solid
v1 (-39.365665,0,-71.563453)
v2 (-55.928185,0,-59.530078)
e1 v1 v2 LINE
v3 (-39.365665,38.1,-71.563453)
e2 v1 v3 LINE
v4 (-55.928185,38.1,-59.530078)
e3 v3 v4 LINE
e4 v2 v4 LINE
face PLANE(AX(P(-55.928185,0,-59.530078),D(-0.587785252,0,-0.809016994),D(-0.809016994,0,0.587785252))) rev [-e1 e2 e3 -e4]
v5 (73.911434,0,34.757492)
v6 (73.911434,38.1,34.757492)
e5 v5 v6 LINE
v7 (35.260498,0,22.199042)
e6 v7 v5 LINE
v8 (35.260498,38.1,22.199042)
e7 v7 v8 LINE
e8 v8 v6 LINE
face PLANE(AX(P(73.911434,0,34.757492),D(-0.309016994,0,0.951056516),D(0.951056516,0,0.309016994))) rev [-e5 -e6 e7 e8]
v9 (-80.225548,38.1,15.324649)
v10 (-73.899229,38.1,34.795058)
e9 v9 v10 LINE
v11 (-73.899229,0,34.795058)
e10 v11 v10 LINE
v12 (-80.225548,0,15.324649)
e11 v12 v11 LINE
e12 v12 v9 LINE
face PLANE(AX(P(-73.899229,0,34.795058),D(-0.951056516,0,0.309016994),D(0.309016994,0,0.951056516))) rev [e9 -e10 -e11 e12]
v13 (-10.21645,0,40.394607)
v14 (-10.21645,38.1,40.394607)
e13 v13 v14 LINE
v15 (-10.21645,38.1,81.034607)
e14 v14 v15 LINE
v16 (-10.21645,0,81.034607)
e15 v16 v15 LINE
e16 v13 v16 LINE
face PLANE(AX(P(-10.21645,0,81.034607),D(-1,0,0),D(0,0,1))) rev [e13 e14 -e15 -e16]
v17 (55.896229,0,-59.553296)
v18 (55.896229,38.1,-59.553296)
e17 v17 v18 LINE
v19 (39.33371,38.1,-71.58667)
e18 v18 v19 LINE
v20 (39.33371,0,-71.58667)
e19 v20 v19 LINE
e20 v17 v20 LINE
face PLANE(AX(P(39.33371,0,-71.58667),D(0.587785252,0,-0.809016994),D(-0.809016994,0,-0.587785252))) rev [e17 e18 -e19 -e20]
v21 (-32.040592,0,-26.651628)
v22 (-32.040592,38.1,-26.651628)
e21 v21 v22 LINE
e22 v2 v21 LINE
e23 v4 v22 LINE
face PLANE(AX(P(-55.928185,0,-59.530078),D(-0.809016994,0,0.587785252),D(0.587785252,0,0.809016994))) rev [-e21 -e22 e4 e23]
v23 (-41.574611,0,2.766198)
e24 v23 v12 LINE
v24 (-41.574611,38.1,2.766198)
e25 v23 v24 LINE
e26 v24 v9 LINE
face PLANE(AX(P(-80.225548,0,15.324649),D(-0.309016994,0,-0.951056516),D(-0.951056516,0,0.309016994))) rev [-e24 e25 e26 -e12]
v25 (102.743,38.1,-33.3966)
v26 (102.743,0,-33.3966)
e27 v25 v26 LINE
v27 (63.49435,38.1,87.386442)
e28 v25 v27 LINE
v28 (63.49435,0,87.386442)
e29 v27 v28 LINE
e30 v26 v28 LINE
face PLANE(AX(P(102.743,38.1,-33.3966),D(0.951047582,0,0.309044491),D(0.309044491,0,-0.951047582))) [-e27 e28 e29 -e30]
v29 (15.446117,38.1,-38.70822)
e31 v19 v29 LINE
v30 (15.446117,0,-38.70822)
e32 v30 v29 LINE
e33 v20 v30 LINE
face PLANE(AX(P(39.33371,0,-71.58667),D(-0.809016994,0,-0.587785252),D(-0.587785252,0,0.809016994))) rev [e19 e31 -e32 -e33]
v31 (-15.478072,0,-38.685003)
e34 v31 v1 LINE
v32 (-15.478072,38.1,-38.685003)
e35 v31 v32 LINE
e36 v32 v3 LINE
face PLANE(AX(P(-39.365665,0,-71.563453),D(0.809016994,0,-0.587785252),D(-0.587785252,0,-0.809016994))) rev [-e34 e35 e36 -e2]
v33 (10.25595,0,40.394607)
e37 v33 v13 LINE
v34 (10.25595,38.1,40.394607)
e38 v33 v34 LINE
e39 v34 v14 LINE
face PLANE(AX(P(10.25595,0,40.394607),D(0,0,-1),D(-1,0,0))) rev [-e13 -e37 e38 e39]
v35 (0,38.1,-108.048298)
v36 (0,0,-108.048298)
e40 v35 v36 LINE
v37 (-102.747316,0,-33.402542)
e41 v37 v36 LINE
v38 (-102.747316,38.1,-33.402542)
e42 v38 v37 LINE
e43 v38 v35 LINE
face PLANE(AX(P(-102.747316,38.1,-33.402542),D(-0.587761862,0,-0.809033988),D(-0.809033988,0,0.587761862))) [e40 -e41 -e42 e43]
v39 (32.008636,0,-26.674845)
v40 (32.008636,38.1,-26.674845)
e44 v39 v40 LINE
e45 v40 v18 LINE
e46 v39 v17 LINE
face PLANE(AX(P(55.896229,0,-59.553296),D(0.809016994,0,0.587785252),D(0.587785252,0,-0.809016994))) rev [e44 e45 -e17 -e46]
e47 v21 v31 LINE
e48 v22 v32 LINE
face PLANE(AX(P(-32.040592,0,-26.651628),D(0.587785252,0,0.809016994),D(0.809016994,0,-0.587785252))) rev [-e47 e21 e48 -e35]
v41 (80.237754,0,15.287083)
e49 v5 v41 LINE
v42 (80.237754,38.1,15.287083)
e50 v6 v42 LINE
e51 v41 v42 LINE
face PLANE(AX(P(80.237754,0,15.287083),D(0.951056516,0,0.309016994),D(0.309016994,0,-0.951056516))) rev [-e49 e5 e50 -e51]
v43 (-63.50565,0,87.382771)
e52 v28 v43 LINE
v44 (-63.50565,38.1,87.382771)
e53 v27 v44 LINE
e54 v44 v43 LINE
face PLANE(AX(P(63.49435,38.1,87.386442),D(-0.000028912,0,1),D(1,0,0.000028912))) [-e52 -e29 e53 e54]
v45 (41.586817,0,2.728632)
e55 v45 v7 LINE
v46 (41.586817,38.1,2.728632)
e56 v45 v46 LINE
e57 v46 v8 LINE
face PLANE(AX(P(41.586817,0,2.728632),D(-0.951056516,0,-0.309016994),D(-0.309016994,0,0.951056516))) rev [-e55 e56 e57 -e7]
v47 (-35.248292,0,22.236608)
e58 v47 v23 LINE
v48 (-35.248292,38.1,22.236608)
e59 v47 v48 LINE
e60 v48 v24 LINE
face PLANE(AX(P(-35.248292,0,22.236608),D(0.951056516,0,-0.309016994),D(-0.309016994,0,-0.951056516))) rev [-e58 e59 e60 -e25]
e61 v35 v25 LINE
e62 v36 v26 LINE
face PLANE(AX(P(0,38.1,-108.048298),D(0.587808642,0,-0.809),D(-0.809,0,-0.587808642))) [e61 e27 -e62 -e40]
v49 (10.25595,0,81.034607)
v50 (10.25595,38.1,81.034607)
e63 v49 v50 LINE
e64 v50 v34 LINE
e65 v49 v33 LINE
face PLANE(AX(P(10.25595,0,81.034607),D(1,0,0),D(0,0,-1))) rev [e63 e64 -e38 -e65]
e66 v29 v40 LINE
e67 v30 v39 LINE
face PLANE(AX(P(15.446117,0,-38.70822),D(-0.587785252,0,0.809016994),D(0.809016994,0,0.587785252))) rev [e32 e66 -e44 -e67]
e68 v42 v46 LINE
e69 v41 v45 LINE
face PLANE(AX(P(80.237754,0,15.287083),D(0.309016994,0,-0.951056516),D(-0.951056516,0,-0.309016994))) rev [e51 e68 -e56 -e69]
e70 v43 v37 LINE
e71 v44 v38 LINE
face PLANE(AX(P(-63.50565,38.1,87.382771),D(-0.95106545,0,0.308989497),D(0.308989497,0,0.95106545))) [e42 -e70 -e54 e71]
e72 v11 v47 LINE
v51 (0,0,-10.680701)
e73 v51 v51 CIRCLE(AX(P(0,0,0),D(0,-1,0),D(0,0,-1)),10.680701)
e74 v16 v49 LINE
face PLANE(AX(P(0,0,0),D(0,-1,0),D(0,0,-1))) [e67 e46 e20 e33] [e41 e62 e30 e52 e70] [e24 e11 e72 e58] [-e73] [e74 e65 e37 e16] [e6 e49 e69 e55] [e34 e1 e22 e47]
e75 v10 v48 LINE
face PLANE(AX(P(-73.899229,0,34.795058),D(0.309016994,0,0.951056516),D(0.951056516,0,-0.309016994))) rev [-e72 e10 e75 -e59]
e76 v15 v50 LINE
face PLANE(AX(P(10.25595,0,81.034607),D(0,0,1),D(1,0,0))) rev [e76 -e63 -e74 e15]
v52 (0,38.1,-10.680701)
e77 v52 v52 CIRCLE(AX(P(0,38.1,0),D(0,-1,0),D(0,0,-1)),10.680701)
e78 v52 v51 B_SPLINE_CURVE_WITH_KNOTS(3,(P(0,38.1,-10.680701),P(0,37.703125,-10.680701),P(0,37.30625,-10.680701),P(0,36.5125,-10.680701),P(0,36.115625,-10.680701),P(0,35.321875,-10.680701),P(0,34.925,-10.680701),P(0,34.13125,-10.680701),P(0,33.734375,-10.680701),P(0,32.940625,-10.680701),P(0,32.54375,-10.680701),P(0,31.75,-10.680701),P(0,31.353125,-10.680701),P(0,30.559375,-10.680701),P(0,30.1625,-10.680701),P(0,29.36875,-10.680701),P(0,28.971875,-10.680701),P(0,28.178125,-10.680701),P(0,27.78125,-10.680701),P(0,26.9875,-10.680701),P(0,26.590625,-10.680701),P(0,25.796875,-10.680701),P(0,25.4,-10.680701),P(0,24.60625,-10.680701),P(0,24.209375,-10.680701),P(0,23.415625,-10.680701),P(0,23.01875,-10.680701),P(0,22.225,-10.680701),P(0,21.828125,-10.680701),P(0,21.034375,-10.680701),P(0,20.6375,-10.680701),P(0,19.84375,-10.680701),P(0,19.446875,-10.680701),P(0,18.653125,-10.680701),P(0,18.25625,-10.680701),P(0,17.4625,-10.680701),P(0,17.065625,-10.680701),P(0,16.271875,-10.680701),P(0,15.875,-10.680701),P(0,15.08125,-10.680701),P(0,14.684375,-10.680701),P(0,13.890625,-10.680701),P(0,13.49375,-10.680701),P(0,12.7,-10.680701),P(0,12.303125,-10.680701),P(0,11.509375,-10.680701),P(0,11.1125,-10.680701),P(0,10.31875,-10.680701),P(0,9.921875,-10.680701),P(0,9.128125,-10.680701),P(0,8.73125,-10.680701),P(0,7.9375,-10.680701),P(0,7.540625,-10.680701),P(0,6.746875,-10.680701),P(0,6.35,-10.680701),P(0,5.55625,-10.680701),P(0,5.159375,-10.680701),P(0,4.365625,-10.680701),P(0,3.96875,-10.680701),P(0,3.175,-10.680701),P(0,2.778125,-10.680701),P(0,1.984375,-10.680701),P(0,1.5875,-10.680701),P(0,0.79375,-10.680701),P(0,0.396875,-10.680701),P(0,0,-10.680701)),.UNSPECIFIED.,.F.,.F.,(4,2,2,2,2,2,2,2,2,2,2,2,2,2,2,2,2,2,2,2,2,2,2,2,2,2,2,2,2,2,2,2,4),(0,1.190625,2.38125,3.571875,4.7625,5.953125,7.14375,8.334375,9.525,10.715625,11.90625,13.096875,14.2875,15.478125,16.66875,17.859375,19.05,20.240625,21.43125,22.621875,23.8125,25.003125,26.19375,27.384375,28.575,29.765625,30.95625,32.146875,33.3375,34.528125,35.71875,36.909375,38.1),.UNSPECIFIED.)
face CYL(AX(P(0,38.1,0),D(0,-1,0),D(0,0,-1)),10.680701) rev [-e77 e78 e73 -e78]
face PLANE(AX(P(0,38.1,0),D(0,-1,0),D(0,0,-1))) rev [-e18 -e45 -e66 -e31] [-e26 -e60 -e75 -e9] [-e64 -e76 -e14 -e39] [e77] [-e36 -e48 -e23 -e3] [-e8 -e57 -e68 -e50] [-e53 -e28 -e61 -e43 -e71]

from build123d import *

# Parameters (mm, degrees)
BOSS_EXTRUDE2_DEPTH = 38.1
SKETCH5_W           = 20.4724
SKETCH5_H           = 40.64
CUT_EXTRUDE2_DEPTH  = 154.893000964
CIRPATTERN1_COUNT   = 5
SKETCH6_R           = 10.680701414
CUT_EXTRUDE3_DEPTH  = 154.893000964


with BuildPart() as part:
    # Sketch4 → Boss-Extrude2 (new body)
    with BuildSketch(Plane(origin=(0, 0, 0), x_dir=(1, 0, 0), z_dir=(0, 1, 0))):
        Polygon((-102.747316485, 33.402541556), (0, 108.048298), (102.743, 33.396600424), (63.494349621, -87.38644244), (-63.505650326, -87.382770618), align=None)
    extrude(amount=BOSS_EXTRUDE2_DEPTH)

    # Sketch5 → Cut-Extrude2 (cut, through all)
    with BuildSketch(Plane(origin=(0, 38.1, 0), x_dir=(1, 0, 0), z_dir=(0, 1, 0))):
        with Locations((0.019749621, -60.714607261)):
            Rectangle(SKETCH5_W, SKETCH5_H)
    cut_extrude2 = extrude(amount=-CUT_EXTRUDE2_DEPTH, mode=Mode.SUBTRACT)

    # CirPattern1: Cut-Extrude2 ×5 about axis
    cirpattern1_axis = Axis((0, -1.905, 0), (0, 1, 0))
    for i in range(1, CIRPATTERN1_COUNT):
        add(cut_extrude2.rotate(cirpattern1_axis, i * 360 / CIRPATTERN1_COUNT), mode=Mode.SUBTRACT)

    # Sketch6 → Cut-Extrude3 (cut, through all)
    with BuildSketch(Plane.XZ):
        Circle(SKETCH6_R)
    extrude(amount=-CUT_EXTRUDE3_DEPTH, mode=Mode.SUBTRACT)


solid = part.part
